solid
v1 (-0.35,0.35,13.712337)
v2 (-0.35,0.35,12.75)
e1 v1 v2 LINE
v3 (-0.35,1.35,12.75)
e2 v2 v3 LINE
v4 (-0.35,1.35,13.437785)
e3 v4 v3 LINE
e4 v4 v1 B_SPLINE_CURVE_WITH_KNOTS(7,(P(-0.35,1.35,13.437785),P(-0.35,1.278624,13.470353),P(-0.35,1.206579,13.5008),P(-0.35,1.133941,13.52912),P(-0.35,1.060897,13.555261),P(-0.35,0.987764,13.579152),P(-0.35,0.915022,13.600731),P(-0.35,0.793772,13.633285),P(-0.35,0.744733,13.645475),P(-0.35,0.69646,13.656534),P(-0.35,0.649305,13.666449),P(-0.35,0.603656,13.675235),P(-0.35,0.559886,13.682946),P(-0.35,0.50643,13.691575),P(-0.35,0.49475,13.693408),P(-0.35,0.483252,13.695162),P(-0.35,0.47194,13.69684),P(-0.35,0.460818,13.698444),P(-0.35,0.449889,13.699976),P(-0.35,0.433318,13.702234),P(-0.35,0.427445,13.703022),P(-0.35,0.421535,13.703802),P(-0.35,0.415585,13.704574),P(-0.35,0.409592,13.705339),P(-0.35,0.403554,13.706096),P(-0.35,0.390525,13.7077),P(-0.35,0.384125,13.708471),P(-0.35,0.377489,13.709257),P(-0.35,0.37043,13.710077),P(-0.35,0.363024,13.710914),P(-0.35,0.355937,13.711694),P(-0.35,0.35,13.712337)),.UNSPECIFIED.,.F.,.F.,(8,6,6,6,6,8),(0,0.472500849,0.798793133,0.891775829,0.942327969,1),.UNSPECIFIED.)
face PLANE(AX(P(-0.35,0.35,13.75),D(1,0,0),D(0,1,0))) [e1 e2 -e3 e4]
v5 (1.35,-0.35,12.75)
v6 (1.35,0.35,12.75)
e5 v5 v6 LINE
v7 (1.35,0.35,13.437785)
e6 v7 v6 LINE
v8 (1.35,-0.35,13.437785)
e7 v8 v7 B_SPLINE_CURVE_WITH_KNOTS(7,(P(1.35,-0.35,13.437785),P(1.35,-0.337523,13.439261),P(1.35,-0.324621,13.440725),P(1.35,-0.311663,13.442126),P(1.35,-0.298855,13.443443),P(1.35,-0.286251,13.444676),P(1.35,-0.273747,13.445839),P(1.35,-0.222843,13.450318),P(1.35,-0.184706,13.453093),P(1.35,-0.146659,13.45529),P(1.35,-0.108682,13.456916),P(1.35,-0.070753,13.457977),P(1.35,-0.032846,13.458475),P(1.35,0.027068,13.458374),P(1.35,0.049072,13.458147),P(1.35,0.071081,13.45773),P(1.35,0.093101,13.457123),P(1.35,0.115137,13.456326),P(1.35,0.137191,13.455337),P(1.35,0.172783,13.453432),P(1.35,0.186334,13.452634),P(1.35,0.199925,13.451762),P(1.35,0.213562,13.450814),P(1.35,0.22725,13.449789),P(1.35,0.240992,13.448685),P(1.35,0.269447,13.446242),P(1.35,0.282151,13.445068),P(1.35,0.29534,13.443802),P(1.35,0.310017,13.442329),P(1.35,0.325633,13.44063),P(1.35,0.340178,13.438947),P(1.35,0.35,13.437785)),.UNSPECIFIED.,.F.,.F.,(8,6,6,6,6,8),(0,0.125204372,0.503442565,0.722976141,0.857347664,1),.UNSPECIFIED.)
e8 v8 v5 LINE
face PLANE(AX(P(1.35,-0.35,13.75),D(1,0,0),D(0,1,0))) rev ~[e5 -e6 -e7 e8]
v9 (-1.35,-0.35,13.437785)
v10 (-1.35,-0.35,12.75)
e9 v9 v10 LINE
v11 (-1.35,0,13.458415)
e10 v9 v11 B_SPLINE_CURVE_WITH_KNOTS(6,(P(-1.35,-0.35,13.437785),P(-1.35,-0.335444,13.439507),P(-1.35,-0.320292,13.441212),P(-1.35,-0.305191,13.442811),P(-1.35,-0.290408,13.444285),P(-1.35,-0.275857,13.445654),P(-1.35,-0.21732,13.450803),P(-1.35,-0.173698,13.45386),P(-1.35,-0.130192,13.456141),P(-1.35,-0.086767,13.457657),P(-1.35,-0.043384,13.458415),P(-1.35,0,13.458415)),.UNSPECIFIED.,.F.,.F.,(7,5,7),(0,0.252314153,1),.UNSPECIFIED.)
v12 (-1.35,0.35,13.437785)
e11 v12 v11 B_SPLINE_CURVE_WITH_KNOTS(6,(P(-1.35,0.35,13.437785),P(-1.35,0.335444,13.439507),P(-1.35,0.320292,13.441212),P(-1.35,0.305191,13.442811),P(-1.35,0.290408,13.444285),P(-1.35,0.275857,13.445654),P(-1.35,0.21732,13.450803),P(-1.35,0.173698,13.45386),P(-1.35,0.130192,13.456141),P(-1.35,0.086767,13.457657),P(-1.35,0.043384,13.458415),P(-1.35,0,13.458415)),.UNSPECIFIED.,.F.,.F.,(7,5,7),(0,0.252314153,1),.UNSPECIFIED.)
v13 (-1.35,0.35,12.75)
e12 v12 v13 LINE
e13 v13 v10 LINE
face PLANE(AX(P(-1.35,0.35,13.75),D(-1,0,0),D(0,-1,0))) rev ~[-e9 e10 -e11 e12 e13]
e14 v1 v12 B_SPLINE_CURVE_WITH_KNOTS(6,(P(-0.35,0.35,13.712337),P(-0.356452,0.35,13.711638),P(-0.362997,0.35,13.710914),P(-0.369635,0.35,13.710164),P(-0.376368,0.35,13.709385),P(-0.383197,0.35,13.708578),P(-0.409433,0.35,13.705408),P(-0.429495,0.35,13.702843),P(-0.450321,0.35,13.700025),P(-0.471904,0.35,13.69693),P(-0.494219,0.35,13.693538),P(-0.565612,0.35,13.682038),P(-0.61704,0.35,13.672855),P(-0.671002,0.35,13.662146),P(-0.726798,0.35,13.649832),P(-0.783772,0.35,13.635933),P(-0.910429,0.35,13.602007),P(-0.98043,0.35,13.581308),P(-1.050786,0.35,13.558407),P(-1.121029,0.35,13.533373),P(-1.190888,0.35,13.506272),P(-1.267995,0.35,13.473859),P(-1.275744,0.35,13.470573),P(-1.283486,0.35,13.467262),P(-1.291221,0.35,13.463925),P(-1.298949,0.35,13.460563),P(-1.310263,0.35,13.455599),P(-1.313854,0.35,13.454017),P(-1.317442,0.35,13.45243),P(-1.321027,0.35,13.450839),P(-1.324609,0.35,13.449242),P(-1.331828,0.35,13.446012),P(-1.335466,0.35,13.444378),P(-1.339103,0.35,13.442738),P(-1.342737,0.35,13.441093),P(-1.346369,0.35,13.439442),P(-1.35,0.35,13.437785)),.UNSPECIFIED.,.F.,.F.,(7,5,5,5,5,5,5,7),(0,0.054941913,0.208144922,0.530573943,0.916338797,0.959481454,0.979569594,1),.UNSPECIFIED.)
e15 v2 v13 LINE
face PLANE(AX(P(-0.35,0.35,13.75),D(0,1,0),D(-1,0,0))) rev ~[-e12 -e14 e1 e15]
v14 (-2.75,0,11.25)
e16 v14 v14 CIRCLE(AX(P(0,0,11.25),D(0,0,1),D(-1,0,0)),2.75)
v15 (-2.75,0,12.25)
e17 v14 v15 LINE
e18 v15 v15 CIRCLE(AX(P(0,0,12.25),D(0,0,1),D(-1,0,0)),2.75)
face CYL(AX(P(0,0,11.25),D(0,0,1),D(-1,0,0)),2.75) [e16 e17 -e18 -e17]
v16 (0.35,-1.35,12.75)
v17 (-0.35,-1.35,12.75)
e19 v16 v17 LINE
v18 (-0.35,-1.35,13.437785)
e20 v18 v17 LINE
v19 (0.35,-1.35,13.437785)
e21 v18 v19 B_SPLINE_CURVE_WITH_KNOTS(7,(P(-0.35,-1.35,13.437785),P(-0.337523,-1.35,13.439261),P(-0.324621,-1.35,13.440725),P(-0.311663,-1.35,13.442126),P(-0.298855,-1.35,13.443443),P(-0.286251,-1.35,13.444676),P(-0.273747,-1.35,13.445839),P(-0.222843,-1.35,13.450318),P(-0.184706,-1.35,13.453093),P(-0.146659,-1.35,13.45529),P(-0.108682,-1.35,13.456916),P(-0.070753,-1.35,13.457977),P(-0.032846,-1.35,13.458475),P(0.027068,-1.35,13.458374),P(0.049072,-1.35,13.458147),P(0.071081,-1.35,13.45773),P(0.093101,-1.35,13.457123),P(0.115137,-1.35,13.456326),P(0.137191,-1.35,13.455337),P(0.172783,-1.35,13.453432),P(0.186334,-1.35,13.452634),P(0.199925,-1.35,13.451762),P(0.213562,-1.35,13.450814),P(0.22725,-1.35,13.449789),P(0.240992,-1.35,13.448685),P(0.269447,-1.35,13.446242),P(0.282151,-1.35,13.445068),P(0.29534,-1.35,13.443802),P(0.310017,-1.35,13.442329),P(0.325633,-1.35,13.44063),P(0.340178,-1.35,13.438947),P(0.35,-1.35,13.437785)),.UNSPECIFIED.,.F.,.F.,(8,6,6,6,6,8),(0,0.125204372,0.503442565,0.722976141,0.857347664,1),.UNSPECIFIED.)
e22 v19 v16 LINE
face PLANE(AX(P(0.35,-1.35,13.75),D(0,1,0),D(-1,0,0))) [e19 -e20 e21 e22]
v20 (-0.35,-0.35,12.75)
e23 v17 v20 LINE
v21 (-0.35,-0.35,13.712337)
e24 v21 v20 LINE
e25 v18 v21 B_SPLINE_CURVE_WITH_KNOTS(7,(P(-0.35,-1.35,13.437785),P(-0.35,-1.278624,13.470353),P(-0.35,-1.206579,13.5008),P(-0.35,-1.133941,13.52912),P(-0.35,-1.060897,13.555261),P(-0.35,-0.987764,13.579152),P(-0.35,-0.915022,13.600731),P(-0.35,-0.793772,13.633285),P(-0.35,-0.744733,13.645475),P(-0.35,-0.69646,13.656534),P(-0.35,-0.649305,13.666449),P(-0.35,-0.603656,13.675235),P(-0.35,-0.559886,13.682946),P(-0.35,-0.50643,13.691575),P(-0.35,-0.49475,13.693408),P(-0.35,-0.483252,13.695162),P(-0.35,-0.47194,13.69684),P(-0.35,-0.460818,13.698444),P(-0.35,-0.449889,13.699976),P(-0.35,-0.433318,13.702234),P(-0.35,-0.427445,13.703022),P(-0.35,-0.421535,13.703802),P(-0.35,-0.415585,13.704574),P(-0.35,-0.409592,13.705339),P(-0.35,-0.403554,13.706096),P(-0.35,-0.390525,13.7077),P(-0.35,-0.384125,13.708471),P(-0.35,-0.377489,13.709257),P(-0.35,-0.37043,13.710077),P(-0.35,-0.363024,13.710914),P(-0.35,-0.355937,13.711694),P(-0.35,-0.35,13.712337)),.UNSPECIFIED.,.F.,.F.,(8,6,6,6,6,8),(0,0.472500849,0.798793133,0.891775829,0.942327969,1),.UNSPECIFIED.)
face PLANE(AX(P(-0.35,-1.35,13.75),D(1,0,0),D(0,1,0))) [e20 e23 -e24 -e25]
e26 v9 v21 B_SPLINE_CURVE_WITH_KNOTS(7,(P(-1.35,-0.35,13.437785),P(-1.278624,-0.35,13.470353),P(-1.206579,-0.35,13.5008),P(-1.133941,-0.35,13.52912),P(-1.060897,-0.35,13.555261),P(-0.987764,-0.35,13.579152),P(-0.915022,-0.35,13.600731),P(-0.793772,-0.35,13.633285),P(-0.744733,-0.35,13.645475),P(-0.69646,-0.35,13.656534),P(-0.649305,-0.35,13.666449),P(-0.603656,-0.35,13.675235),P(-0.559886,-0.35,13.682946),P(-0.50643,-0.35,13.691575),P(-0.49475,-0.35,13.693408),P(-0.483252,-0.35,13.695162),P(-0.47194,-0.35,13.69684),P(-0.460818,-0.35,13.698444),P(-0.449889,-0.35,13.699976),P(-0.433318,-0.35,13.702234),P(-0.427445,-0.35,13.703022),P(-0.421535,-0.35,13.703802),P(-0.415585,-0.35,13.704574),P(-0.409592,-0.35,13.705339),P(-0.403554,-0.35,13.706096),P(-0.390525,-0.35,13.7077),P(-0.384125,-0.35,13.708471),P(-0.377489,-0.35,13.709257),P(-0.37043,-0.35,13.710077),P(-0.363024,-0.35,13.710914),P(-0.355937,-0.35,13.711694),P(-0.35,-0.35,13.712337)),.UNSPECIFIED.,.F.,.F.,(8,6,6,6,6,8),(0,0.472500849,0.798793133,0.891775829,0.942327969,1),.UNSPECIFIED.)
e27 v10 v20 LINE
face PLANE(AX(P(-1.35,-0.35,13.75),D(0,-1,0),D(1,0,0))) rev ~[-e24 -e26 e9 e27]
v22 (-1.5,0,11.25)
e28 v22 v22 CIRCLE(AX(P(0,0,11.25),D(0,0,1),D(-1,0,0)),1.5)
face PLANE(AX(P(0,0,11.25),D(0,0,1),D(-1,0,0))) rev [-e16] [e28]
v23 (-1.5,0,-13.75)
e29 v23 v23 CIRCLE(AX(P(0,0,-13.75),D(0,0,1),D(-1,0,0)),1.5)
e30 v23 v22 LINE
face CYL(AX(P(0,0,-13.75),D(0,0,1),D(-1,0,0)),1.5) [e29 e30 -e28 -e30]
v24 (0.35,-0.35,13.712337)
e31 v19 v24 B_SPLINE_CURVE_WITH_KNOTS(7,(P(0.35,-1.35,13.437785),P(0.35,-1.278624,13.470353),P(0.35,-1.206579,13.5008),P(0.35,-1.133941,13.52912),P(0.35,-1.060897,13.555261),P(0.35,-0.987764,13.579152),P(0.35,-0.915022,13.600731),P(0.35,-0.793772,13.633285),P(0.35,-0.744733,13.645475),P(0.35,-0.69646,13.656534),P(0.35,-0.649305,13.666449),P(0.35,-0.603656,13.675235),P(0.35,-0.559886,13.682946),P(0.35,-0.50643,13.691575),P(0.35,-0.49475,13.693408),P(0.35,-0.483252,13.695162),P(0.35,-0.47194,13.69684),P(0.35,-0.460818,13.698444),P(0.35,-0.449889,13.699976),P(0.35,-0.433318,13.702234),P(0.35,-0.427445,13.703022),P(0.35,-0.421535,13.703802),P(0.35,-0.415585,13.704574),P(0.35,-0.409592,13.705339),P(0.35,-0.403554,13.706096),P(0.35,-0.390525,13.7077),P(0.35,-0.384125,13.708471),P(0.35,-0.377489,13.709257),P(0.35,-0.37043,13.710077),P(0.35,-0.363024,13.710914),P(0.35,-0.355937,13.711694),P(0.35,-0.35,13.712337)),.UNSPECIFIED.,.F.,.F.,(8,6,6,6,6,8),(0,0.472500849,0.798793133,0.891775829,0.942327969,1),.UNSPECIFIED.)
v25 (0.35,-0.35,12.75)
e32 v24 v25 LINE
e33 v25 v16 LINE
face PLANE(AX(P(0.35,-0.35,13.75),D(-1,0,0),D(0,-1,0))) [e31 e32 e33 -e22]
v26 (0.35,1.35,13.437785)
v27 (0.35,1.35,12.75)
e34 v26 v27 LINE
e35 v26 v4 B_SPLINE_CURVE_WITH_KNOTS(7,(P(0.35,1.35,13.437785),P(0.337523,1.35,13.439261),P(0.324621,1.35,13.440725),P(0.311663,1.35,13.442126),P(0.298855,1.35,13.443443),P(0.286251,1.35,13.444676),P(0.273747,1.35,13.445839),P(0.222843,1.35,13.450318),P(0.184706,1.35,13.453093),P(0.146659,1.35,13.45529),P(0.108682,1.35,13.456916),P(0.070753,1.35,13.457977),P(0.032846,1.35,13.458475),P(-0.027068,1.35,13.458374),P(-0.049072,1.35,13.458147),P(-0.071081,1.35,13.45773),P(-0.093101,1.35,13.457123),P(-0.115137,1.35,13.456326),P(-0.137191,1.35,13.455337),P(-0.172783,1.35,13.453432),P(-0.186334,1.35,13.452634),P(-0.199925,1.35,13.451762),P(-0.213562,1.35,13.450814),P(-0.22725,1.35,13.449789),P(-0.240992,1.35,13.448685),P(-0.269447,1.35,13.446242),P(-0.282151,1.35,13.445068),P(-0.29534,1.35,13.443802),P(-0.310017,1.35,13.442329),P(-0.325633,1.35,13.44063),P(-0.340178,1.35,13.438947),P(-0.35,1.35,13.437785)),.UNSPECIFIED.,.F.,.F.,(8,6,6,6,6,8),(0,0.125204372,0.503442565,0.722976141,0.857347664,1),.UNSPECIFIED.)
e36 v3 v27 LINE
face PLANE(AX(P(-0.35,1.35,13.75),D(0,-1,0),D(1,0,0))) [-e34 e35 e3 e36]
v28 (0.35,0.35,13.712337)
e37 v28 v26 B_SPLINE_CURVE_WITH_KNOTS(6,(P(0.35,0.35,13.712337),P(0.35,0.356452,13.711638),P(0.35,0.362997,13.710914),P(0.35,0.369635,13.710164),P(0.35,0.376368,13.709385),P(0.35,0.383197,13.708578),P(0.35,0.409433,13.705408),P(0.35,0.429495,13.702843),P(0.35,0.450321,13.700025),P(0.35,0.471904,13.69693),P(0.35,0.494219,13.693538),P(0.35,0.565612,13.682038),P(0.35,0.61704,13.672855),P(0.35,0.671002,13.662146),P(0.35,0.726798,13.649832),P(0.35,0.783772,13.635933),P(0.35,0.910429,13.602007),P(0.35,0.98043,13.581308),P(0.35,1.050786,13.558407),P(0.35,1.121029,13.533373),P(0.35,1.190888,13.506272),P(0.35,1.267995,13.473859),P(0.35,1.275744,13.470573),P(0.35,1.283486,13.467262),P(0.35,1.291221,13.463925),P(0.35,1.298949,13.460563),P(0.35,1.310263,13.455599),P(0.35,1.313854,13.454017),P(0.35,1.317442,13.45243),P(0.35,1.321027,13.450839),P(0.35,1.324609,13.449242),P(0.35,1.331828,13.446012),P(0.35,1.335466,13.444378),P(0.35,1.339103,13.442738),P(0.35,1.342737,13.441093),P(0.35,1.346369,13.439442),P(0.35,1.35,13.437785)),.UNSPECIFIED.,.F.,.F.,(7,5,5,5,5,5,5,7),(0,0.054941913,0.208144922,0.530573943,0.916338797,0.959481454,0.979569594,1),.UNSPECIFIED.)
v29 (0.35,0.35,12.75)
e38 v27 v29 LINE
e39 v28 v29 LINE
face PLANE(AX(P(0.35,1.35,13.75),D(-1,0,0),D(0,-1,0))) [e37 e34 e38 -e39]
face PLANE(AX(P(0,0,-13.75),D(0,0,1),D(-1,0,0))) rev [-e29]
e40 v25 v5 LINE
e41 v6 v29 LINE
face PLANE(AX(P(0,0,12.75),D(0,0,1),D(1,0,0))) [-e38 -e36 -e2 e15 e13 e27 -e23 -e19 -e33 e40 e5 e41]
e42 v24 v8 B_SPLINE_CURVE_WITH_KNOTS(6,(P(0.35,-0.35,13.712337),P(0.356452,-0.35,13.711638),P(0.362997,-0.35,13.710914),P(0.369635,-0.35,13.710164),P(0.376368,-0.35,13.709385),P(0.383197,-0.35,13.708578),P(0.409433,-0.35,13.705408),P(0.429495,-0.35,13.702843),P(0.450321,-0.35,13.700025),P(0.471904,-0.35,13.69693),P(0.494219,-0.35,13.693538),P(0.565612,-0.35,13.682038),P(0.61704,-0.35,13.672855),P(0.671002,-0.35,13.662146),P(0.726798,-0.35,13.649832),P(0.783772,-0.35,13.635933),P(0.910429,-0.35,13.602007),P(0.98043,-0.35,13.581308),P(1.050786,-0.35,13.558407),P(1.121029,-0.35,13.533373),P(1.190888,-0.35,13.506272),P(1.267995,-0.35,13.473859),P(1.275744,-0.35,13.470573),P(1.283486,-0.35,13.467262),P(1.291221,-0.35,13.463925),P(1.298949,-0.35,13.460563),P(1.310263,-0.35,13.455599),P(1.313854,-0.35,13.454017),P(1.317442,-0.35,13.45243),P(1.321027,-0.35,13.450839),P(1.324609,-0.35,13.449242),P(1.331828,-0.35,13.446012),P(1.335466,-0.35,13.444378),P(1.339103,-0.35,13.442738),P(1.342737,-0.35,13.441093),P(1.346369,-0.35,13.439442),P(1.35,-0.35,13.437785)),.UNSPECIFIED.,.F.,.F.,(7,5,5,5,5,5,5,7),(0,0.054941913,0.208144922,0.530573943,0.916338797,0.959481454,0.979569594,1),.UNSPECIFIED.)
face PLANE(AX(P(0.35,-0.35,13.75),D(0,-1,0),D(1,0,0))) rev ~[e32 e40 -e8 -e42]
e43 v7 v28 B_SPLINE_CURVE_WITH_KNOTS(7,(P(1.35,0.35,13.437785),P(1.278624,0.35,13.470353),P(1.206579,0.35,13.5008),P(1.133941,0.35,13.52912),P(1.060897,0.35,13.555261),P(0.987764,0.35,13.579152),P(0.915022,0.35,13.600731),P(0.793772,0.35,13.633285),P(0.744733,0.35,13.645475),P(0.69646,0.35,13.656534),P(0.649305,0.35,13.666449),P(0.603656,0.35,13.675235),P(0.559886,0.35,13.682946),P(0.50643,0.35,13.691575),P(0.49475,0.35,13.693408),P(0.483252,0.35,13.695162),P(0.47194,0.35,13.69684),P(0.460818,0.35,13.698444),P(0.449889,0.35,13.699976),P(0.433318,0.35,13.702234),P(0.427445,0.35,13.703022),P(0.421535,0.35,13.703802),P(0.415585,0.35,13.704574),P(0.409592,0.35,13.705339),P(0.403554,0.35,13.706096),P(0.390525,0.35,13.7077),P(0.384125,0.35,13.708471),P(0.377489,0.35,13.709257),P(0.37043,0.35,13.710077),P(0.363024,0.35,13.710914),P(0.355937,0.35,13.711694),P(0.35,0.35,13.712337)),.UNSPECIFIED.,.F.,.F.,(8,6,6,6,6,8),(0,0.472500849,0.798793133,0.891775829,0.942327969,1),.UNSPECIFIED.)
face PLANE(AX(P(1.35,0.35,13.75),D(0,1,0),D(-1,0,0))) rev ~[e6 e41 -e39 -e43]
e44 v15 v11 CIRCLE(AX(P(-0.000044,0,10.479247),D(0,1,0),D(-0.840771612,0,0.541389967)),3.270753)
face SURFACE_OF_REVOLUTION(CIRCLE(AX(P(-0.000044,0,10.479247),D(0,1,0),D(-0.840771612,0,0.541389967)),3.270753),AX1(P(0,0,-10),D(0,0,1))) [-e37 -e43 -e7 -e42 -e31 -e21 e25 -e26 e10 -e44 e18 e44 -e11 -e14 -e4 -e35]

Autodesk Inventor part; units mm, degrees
ref_plane "YZ Plane" through (0, 0, 0) normal (1, 0, 0) x (0, 1, 0)
ref_plane "XZ Plane" through (0, 0, 0) normal (0, 1, 0) x (-1, 0, 0)
sketch "Sketch1" plane through (0, 0, 0) normal (0, 1, 0) x (-1, 0, 0)
  line L0 (0, -19.3201) -> (0, 19.6707) projected
  line L1 (0, -13.75) -> (0, 13.75)
  line L2 (0, -13.75) -> (1.5, -13.75)
  line L3 (1.5, -13.75) -> (1.5, 11.25)
  line L4 (1.5, 11.25) -> (2.75, 11.25)
  line L5 (2.75, 11.25) -> (2.75, 12.25)
  arc A0 (2.75, 12.25) -> (0, 13.75) centre (0, 10.4792) ccw
  line L6 (3.5295, 0) -> (-0.5882, 0) projected
  point P0 (0, 0)
  dimension "d0" = 25
  dimension "d1" = 3
  dimension "d2" = 2.5
  dimension "d3" = 5.5
  dimension "d4" = 1
revolve "Revolution1" add sketch "Sketch1" angle 360 about axis through (0, 0, -10) along (0, 0, 1)
ref_plane "Work Plane1" through (0, 0, 13.75) normal (0, 0, 1) x (1, 0, 0)
sketch "Sketch2" plane through (0, 0, 13.75) normal (0, 0, 1) x (1, 0, 0)
  line L0 (-1.35, -0.35) -> (1.35, -0.35)
  line L1 (1.35, -0.35) -> (1.35, 0.35)
  line L2 (1.35, 0.35) -> (-1.35, 0.35)
  line L3 (-1.35, 0.35) -> (-1.35, -0.35)
  line L4 (-1.35, -0.35) -> (1.35, 0.35) construction
  line L5 (1.35, -0.35) -> (-1.35, 0.35) construction
  line L6 (0.35, -1.35) -> (-0.35, -1.35)
  line L7 (-0.35, -1.35) -> (-0.35, 1.35)
  line L8 (-0.35, 1.35) -> (0.35, 1.35)
  line L9 (0.35, 1.35) -> (0.35, -1.35)
  line L10 (0.35, -1.35) -> (-0.35, 1.35) construction
  line L11 (-0.35, -1.35) -> (0.35, 1.35) construction
  point P0 (0, 0)
  dimension "d6" = 2.7
  dimension "d7" = 0.7
extrude "Extrusion1" cut sketch "Sketch2" against normal blind 1
thread "Thread1" size "M3x0.5" class "6g" standard "ANSI Metric M Profile" full length
properties part number "empty"
